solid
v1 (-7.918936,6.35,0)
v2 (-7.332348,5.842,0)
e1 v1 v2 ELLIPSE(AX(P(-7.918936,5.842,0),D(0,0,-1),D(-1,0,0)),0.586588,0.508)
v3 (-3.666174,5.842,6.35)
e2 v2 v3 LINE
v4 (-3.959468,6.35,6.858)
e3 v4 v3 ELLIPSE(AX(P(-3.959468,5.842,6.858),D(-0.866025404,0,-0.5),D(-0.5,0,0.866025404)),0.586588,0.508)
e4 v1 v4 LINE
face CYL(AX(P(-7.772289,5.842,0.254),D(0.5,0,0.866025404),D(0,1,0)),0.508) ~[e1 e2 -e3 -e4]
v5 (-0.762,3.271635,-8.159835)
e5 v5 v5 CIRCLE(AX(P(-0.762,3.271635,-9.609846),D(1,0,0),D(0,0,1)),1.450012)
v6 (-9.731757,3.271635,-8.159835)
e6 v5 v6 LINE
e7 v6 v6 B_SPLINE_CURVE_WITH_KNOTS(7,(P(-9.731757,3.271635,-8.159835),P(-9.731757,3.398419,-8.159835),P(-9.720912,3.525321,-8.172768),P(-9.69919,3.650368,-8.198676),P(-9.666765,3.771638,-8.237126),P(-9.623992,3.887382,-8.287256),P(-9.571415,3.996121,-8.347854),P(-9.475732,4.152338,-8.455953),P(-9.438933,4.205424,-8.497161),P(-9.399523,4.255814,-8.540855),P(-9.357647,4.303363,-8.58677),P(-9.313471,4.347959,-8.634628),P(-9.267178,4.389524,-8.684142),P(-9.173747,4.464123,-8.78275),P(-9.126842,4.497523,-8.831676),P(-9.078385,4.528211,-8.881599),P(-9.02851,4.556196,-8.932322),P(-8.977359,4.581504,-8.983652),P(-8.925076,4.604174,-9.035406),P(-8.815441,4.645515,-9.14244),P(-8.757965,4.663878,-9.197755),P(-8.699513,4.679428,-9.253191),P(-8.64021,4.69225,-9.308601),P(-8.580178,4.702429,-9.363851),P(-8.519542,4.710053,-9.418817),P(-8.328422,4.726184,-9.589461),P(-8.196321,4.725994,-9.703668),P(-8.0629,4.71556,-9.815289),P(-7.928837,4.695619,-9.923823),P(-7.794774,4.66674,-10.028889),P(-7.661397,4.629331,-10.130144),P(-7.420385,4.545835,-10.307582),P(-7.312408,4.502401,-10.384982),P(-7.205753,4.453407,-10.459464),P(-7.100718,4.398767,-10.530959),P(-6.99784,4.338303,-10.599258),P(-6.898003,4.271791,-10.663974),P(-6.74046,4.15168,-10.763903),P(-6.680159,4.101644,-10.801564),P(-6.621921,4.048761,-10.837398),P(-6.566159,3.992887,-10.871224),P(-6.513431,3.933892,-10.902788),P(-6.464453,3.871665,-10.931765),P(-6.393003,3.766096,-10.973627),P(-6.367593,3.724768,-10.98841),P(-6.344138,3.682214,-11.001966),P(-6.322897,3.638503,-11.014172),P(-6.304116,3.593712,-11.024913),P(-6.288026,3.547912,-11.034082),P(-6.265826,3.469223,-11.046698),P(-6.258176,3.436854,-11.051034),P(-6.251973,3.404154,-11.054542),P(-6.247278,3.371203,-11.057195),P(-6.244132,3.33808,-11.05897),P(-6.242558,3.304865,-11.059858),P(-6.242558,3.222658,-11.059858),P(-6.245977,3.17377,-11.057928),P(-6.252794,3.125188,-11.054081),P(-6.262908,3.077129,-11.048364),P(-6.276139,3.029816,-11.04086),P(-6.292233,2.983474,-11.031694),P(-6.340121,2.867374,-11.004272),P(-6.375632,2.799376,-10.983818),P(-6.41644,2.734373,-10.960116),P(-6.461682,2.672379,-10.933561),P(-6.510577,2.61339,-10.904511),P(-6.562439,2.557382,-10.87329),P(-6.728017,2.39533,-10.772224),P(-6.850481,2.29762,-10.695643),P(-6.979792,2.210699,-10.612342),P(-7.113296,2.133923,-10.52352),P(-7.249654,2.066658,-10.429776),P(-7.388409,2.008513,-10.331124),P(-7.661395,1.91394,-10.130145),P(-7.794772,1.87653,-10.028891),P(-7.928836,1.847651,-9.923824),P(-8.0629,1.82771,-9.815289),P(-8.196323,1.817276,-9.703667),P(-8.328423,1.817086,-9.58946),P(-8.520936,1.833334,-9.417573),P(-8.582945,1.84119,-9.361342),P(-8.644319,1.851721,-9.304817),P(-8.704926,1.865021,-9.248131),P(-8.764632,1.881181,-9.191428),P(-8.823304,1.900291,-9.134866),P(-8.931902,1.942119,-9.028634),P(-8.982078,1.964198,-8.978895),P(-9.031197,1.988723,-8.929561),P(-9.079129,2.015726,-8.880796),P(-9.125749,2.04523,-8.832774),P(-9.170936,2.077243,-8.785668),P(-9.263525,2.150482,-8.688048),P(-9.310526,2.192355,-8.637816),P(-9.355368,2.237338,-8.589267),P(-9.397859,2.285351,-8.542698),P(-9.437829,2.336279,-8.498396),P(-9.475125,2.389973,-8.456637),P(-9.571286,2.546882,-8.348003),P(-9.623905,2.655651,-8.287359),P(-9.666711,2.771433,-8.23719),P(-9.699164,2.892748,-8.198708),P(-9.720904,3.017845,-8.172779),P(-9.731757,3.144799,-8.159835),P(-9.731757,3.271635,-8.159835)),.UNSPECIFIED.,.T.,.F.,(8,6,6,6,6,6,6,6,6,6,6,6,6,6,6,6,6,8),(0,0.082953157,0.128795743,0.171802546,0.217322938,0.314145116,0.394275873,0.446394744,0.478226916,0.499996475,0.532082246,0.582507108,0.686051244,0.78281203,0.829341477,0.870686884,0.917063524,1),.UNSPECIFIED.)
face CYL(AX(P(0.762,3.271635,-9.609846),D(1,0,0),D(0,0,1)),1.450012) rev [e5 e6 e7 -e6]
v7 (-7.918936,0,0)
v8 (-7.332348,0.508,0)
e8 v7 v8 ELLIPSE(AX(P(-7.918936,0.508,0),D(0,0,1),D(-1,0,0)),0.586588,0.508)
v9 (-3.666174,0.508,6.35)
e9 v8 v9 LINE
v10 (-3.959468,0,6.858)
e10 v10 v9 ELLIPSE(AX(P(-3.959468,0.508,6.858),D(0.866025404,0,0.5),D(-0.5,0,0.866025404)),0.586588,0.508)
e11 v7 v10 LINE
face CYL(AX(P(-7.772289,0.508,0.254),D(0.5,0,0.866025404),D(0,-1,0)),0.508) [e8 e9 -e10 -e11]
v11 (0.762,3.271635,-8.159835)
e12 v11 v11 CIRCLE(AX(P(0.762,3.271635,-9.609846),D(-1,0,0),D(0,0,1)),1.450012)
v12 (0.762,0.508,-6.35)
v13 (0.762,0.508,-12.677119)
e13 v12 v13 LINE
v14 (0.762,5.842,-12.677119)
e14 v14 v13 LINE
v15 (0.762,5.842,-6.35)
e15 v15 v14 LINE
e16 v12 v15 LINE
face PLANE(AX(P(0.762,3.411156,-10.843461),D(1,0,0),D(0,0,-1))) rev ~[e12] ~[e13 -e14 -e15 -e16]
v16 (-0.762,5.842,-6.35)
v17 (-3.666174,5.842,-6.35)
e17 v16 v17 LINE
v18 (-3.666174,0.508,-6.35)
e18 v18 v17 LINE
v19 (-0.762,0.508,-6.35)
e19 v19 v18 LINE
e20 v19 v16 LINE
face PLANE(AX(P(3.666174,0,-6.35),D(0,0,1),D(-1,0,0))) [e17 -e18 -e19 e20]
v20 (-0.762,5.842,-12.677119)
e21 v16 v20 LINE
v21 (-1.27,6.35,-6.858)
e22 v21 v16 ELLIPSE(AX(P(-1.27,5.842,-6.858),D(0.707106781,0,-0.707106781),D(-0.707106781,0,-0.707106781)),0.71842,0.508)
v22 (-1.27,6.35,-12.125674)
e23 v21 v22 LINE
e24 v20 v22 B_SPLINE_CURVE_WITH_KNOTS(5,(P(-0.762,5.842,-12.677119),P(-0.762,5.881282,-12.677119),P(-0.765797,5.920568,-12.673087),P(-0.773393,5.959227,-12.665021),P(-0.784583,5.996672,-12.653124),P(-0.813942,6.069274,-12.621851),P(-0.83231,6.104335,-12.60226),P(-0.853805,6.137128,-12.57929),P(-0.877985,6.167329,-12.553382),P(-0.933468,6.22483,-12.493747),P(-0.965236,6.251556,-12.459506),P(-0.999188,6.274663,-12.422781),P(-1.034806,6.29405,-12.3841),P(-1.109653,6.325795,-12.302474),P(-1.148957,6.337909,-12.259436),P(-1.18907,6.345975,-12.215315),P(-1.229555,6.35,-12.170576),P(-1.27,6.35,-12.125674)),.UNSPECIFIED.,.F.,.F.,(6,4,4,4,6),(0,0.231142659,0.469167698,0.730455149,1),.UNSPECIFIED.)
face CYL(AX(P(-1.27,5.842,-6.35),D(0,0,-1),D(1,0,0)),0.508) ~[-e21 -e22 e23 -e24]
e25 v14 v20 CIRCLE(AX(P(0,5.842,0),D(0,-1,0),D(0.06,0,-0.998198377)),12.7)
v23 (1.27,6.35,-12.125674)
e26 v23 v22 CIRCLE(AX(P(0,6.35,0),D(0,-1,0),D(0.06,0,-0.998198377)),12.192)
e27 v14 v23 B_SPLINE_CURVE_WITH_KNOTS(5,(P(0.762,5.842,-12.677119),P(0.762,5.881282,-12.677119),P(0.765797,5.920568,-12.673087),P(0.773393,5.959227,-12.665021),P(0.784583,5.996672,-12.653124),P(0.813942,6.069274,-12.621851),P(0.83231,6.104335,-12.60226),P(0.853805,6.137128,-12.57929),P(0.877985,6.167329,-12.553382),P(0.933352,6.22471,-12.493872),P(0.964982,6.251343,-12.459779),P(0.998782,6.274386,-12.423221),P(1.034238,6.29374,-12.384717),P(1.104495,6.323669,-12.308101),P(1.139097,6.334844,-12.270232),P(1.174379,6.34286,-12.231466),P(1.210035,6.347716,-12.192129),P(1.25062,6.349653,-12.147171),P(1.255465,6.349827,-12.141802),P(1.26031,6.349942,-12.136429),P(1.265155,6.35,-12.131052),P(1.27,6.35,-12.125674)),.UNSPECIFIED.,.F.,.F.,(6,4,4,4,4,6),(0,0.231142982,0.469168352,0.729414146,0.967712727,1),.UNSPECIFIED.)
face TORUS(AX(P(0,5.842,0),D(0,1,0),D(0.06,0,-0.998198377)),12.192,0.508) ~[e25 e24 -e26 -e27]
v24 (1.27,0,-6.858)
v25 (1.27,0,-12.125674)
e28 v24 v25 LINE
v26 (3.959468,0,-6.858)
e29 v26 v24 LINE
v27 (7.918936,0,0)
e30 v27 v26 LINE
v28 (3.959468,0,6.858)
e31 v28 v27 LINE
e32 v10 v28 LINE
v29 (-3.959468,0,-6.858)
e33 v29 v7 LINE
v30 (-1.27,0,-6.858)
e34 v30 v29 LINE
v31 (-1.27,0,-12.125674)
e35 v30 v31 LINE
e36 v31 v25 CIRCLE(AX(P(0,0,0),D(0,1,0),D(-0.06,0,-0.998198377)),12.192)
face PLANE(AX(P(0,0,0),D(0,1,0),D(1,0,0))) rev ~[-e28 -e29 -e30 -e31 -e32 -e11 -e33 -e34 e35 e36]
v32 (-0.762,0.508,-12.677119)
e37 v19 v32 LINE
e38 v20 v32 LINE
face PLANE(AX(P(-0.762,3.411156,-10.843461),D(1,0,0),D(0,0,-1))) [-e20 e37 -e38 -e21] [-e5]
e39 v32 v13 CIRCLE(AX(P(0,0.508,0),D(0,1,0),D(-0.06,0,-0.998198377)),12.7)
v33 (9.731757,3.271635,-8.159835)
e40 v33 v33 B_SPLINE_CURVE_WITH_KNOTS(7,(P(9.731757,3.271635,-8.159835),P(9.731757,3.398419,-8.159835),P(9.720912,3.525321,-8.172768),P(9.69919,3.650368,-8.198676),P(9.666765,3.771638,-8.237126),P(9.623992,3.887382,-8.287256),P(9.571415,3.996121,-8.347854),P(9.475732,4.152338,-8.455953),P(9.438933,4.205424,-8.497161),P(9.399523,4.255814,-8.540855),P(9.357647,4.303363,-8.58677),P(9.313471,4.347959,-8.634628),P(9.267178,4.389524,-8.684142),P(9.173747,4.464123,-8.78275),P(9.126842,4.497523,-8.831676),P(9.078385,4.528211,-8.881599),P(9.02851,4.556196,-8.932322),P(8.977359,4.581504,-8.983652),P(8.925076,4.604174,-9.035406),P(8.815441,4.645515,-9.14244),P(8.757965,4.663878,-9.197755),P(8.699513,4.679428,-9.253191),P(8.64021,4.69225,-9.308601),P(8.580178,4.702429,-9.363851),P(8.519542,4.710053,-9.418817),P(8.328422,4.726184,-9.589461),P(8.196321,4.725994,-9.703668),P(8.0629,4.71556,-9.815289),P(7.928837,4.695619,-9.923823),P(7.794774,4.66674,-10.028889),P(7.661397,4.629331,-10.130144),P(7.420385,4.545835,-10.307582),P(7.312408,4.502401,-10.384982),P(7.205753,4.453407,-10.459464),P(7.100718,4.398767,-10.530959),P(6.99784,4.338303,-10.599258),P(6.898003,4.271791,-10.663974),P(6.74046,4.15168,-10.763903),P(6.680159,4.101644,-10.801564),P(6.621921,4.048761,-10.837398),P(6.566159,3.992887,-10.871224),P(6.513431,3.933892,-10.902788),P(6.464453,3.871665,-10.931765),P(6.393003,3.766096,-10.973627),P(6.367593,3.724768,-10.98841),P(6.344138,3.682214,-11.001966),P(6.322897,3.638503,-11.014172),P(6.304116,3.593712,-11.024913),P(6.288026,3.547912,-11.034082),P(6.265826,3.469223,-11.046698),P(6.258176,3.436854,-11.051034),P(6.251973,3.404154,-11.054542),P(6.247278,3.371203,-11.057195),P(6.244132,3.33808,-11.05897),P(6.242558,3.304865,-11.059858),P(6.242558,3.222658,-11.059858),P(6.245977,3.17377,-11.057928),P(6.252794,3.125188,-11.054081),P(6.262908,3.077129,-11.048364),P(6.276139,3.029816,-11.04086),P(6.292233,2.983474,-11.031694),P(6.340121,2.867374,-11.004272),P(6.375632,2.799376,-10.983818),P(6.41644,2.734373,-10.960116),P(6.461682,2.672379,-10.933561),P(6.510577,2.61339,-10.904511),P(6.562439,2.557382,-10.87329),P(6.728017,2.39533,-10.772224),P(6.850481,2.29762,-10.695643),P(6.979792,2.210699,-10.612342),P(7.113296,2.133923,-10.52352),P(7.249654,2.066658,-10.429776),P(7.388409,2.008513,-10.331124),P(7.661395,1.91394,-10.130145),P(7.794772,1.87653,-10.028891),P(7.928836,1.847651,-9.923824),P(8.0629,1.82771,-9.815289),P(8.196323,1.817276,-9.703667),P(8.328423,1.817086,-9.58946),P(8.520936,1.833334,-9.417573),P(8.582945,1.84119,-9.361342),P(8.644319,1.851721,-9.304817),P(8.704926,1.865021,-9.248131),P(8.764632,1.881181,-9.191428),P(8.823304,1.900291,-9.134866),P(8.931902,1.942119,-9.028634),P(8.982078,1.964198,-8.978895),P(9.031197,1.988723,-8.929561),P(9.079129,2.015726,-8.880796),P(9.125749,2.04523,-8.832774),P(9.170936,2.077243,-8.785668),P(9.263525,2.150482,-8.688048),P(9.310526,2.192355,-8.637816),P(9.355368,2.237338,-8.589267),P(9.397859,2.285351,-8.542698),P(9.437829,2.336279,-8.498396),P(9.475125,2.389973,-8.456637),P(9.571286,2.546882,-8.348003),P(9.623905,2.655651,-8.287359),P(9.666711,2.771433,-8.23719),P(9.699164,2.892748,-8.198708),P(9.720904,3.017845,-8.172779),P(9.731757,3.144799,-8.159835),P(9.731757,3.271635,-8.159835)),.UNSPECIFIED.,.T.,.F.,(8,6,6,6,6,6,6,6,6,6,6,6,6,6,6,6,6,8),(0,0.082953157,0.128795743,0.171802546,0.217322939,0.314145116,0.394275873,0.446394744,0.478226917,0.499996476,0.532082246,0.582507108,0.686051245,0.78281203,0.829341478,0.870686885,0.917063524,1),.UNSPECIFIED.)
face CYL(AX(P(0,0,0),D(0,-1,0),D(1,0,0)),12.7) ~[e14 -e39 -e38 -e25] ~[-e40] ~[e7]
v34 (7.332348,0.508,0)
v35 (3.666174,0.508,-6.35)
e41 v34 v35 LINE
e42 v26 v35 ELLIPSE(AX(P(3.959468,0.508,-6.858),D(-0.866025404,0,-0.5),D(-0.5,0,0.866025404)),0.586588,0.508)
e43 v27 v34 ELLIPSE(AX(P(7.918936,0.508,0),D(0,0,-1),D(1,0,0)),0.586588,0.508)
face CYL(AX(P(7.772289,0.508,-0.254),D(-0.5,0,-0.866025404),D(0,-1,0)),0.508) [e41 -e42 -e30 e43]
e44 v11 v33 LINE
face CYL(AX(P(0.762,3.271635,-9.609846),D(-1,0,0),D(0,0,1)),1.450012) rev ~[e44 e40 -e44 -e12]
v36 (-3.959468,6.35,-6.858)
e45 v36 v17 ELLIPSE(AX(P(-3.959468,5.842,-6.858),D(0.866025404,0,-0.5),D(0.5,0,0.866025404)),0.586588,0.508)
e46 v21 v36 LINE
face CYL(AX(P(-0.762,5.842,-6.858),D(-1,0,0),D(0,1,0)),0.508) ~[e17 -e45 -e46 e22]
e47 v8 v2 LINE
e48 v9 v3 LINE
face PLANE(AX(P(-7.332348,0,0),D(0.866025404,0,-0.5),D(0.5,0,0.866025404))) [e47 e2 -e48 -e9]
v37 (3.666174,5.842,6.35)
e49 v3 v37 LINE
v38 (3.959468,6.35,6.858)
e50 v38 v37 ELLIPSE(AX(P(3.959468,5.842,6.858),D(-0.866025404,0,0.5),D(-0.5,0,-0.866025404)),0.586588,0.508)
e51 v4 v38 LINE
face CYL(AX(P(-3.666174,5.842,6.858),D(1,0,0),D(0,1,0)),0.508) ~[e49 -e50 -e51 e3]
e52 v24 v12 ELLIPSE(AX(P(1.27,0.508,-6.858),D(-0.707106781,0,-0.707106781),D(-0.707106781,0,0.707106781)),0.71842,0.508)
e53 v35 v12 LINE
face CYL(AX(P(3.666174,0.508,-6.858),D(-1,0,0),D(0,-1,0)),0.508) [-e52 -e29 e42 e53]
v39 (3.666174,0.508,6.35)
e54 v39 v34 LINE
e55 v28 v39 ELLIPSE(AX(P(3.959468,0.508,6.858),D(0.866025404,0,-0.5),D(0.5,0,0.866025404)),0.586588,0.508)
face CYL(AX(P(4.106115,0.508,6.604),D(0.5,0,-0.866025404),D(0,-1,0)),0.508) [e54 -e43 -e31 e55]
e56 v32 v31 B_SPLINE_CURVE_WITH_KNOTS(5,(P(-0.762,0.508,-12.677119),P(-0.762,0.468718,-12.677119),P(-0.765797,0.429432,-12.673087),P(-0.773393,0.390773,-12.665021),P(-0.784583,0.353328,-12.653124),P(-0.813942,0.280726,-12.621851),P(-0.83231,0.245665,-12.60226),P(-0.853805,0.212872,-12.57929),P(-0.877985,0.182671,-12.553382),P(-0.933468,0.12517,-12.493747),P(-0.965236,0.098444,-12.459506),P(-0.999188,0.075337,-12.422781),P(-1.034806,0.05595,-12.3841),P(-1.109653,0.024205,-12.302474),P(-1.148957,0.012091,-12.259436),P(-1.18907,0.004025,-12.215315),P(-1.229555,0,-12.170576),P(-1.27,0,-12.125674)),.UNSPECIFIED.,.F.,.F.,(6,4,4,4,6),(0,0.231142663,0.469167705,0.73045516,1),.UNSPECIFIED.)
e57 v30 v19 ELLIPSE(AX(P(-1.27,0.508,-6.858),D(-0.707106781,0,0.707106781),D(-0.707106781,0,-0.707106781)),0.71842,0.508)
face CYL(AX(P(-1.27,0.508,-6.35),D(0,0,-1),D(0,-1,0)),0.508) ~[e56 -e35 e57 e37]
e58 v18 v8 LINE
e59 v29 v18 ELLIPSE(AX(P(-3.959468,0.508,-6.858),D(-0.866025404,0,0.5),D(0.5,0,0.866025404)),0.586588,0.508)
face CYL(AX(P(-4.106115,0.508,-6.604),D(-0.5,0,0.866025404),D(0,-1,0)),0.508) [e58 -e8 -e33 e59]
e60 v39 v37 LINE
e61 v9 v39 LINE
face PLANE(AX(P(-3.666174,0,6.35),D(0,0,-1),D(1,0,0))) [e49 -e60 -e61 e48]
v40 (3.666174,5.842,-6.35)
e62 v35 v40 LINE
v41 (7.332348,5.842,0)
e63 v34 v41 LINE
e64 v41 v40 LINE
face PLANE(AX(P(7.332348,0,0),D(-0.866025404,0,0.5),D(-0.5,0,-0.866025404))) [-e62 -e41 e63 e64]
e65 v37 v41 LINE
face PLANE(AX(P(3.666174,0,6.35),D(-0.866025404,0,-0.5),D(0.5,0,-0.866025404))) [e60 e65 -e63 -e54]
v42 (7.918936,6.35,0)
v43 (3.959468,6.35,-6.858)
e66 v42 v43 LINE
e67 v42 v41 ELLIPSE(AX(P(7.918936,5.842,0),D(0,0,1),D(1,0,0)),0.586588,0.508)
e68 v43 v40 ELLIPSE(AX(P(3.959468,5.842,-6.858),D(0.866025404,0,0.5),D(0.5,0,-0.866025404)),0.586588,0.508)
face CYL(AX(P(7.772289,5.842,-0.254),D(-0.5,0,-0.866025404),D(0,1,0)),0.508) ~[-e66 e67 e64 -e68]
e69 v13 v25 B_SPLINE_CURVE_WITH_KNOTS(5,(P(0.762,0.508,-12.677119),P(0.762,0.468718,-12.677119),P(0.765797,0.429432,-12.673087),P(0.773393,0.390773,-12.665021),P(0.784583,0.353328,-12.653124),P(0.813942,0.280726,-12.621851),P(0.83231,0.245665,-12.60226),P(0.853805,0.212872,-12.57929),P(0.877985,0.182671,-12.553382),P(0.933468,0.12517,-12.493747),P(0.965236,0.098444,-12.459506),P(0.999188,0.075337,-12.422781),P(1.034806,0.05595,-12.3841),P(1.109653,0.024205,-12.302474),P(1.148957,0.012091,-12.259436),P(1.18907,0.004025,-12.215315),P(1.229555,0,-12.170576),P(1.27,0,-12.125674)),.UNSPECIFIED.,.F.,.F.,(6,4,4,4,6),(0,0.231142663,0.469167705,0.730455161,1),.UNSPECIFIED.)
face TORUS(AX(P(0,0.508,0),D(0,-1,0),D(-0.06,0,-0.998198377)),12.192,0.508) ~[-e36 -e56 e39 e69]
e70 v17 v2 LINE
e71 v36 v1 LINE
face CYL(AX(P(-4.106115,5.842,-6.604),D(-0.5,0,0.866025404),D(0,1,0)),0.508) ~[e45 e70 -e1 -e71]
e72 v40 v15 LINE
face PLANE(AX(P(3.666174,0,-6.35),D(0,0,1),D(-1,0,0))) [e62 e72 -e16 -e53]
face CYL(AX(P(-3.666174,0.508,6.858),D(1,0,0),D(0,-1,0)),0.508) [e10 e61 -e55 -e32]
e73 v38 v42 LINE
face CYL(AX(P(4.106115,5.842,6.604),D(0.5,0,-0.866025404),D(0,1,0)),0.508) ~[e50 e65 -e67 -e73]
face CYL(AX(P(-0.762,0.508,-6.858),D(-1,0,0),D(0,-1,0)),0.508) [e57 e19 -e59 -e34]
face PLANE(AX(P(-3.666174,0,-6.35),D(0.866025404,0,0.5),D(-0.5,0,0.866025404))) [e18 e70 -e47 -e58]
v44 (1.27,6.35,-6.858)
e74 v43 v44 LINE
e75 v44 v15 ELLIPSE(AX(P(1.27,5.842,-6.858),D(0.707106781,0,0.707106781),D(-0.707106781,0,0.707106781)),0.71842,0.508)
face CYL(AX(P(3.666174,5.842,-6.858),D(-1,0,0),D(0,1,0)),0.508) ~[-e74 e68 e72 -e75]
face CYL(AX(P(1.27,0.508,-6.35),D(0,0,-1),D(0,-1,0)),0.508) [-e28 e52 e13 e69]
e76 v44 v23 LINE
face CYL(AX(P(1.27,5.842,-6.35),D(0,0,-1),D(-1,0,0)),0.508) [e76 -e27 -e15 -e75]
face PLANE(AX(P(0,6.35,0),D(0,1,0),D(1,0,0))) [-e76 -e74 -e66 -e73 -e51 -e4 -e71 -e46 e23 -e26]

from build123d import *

# Parameters (mm, degrees)
SKETCH1_R               = 12.7
BOSS_EXTRUDE1_DEPTH     = 6.35
SKETCH2_W               = 16.521892969
SKETCH2_H               = 16.064378343
CUT_EXTRUDE1_DEPTH      = 0.762
CUT_EXTRUDE1_DEPTH_BACK = 0.762
SKETCH3_R               = 1.450011988
CUT_EXTRUDE2_DEPTH      = 14.462
CUT_EXTRUDE2_DEPTH_BACK = 12.938
FILLET1_R               = 0.508


with BuildPart() as part:
    # Sketch1 → Boss-Extrude1 (new body)
    with BuildSketch(Plane(origin=(0, 0, 0), x_dir=(1, 0, 0), z_dir=(0, 1, 0))):
        Circle(SKETCH1_R)
        Polygon((7.332348419, 0), (3.666174209, 6.35), (-3.666174209, 6.35), (-7.332348419, 0), (-3.666174209, -6.35), (3.666174209, -6.35), align=None, mode=Mode.SUBTRACT)
    extrude(amount=BOSS_EXTRUDE1_DEPTH)

    # Sketch2 → Cut-Extrude1 (cut, two sides)
    with BuildSketch(Plane(origin=(0, 0, 0), x_dir=(0, 0, -1), z_dir=(1, 0, 0))) as cut_extrude1_sk:
        with Locations((10.843461422, 3.411156181)):
            Rectangle(SKETCH2_W, SKETCH2_H)
    extrude(amount=CUT_EXTRUDE1_DEPTH, mode=Mode.SUBTRACT)
    extrude(cut_extrude1_sk.sketch, amount=-CUT_EXTRUDE1_DEPTH_BACK, mode=Mode.SUBTRACT)

    # Sketch3 → Cut-Extrude2 (cut, two sides)
    with BuildSketch(Plane.ZY.offset(-0.762)) as cut_extrude2_sk:
        with Locations((-9.609846494, 3.271635)):
            Circle(SKETCH3_R)
    extrude(amount=CUT_EXTRUDE2_DEPTH, mode=Mode.SUBTRACT)
    extrude(cut_extrude2_sk.sketch, amount=-CUT_EXTRUDE2_DEPTH_BACK, mode=Mode.SUBTRACT)

    # Fillet1
    fillet1_edges = [part.edges().sort_by_distance(p)[0] for p in [
        (2.214087105, 0, -6.35),
        (-5.499261314, 0, -3.175),
        (-5.499261314, 0, 3.175),
        (0, 0, 6.35),
        (5.499261314, 6.35, 3.175),
        (5.499261314, 6.35, -3.175),
        (2.214087105, 6.35, -6.35),
        (-5.499261314, 6.35, -3.175),
        (-5.499261314, 6.35, 3.175),
        (0, 6.35, 6.35),
        (-2.214087105, 0, -6.35),
        (-2.214087105, 6.35, -6.35),
        (-8.706681343, 6.35, 9.245739559),
        (-8.706681343, 0, 9.245739559),
        (0.762, 0, -9.513559694),
        (-0.762, 6.35, -9.513559694),
        (0.762, 6.35, -9.513559694),
        (-0.762, 0, -9.513559694),
        (5.499261314, 0, 3.175),
        (5.499261314, 0, -3.175),
    ]]
    fillet(fillet1_edges, radius=FILLET1_R)


solid = part.part
